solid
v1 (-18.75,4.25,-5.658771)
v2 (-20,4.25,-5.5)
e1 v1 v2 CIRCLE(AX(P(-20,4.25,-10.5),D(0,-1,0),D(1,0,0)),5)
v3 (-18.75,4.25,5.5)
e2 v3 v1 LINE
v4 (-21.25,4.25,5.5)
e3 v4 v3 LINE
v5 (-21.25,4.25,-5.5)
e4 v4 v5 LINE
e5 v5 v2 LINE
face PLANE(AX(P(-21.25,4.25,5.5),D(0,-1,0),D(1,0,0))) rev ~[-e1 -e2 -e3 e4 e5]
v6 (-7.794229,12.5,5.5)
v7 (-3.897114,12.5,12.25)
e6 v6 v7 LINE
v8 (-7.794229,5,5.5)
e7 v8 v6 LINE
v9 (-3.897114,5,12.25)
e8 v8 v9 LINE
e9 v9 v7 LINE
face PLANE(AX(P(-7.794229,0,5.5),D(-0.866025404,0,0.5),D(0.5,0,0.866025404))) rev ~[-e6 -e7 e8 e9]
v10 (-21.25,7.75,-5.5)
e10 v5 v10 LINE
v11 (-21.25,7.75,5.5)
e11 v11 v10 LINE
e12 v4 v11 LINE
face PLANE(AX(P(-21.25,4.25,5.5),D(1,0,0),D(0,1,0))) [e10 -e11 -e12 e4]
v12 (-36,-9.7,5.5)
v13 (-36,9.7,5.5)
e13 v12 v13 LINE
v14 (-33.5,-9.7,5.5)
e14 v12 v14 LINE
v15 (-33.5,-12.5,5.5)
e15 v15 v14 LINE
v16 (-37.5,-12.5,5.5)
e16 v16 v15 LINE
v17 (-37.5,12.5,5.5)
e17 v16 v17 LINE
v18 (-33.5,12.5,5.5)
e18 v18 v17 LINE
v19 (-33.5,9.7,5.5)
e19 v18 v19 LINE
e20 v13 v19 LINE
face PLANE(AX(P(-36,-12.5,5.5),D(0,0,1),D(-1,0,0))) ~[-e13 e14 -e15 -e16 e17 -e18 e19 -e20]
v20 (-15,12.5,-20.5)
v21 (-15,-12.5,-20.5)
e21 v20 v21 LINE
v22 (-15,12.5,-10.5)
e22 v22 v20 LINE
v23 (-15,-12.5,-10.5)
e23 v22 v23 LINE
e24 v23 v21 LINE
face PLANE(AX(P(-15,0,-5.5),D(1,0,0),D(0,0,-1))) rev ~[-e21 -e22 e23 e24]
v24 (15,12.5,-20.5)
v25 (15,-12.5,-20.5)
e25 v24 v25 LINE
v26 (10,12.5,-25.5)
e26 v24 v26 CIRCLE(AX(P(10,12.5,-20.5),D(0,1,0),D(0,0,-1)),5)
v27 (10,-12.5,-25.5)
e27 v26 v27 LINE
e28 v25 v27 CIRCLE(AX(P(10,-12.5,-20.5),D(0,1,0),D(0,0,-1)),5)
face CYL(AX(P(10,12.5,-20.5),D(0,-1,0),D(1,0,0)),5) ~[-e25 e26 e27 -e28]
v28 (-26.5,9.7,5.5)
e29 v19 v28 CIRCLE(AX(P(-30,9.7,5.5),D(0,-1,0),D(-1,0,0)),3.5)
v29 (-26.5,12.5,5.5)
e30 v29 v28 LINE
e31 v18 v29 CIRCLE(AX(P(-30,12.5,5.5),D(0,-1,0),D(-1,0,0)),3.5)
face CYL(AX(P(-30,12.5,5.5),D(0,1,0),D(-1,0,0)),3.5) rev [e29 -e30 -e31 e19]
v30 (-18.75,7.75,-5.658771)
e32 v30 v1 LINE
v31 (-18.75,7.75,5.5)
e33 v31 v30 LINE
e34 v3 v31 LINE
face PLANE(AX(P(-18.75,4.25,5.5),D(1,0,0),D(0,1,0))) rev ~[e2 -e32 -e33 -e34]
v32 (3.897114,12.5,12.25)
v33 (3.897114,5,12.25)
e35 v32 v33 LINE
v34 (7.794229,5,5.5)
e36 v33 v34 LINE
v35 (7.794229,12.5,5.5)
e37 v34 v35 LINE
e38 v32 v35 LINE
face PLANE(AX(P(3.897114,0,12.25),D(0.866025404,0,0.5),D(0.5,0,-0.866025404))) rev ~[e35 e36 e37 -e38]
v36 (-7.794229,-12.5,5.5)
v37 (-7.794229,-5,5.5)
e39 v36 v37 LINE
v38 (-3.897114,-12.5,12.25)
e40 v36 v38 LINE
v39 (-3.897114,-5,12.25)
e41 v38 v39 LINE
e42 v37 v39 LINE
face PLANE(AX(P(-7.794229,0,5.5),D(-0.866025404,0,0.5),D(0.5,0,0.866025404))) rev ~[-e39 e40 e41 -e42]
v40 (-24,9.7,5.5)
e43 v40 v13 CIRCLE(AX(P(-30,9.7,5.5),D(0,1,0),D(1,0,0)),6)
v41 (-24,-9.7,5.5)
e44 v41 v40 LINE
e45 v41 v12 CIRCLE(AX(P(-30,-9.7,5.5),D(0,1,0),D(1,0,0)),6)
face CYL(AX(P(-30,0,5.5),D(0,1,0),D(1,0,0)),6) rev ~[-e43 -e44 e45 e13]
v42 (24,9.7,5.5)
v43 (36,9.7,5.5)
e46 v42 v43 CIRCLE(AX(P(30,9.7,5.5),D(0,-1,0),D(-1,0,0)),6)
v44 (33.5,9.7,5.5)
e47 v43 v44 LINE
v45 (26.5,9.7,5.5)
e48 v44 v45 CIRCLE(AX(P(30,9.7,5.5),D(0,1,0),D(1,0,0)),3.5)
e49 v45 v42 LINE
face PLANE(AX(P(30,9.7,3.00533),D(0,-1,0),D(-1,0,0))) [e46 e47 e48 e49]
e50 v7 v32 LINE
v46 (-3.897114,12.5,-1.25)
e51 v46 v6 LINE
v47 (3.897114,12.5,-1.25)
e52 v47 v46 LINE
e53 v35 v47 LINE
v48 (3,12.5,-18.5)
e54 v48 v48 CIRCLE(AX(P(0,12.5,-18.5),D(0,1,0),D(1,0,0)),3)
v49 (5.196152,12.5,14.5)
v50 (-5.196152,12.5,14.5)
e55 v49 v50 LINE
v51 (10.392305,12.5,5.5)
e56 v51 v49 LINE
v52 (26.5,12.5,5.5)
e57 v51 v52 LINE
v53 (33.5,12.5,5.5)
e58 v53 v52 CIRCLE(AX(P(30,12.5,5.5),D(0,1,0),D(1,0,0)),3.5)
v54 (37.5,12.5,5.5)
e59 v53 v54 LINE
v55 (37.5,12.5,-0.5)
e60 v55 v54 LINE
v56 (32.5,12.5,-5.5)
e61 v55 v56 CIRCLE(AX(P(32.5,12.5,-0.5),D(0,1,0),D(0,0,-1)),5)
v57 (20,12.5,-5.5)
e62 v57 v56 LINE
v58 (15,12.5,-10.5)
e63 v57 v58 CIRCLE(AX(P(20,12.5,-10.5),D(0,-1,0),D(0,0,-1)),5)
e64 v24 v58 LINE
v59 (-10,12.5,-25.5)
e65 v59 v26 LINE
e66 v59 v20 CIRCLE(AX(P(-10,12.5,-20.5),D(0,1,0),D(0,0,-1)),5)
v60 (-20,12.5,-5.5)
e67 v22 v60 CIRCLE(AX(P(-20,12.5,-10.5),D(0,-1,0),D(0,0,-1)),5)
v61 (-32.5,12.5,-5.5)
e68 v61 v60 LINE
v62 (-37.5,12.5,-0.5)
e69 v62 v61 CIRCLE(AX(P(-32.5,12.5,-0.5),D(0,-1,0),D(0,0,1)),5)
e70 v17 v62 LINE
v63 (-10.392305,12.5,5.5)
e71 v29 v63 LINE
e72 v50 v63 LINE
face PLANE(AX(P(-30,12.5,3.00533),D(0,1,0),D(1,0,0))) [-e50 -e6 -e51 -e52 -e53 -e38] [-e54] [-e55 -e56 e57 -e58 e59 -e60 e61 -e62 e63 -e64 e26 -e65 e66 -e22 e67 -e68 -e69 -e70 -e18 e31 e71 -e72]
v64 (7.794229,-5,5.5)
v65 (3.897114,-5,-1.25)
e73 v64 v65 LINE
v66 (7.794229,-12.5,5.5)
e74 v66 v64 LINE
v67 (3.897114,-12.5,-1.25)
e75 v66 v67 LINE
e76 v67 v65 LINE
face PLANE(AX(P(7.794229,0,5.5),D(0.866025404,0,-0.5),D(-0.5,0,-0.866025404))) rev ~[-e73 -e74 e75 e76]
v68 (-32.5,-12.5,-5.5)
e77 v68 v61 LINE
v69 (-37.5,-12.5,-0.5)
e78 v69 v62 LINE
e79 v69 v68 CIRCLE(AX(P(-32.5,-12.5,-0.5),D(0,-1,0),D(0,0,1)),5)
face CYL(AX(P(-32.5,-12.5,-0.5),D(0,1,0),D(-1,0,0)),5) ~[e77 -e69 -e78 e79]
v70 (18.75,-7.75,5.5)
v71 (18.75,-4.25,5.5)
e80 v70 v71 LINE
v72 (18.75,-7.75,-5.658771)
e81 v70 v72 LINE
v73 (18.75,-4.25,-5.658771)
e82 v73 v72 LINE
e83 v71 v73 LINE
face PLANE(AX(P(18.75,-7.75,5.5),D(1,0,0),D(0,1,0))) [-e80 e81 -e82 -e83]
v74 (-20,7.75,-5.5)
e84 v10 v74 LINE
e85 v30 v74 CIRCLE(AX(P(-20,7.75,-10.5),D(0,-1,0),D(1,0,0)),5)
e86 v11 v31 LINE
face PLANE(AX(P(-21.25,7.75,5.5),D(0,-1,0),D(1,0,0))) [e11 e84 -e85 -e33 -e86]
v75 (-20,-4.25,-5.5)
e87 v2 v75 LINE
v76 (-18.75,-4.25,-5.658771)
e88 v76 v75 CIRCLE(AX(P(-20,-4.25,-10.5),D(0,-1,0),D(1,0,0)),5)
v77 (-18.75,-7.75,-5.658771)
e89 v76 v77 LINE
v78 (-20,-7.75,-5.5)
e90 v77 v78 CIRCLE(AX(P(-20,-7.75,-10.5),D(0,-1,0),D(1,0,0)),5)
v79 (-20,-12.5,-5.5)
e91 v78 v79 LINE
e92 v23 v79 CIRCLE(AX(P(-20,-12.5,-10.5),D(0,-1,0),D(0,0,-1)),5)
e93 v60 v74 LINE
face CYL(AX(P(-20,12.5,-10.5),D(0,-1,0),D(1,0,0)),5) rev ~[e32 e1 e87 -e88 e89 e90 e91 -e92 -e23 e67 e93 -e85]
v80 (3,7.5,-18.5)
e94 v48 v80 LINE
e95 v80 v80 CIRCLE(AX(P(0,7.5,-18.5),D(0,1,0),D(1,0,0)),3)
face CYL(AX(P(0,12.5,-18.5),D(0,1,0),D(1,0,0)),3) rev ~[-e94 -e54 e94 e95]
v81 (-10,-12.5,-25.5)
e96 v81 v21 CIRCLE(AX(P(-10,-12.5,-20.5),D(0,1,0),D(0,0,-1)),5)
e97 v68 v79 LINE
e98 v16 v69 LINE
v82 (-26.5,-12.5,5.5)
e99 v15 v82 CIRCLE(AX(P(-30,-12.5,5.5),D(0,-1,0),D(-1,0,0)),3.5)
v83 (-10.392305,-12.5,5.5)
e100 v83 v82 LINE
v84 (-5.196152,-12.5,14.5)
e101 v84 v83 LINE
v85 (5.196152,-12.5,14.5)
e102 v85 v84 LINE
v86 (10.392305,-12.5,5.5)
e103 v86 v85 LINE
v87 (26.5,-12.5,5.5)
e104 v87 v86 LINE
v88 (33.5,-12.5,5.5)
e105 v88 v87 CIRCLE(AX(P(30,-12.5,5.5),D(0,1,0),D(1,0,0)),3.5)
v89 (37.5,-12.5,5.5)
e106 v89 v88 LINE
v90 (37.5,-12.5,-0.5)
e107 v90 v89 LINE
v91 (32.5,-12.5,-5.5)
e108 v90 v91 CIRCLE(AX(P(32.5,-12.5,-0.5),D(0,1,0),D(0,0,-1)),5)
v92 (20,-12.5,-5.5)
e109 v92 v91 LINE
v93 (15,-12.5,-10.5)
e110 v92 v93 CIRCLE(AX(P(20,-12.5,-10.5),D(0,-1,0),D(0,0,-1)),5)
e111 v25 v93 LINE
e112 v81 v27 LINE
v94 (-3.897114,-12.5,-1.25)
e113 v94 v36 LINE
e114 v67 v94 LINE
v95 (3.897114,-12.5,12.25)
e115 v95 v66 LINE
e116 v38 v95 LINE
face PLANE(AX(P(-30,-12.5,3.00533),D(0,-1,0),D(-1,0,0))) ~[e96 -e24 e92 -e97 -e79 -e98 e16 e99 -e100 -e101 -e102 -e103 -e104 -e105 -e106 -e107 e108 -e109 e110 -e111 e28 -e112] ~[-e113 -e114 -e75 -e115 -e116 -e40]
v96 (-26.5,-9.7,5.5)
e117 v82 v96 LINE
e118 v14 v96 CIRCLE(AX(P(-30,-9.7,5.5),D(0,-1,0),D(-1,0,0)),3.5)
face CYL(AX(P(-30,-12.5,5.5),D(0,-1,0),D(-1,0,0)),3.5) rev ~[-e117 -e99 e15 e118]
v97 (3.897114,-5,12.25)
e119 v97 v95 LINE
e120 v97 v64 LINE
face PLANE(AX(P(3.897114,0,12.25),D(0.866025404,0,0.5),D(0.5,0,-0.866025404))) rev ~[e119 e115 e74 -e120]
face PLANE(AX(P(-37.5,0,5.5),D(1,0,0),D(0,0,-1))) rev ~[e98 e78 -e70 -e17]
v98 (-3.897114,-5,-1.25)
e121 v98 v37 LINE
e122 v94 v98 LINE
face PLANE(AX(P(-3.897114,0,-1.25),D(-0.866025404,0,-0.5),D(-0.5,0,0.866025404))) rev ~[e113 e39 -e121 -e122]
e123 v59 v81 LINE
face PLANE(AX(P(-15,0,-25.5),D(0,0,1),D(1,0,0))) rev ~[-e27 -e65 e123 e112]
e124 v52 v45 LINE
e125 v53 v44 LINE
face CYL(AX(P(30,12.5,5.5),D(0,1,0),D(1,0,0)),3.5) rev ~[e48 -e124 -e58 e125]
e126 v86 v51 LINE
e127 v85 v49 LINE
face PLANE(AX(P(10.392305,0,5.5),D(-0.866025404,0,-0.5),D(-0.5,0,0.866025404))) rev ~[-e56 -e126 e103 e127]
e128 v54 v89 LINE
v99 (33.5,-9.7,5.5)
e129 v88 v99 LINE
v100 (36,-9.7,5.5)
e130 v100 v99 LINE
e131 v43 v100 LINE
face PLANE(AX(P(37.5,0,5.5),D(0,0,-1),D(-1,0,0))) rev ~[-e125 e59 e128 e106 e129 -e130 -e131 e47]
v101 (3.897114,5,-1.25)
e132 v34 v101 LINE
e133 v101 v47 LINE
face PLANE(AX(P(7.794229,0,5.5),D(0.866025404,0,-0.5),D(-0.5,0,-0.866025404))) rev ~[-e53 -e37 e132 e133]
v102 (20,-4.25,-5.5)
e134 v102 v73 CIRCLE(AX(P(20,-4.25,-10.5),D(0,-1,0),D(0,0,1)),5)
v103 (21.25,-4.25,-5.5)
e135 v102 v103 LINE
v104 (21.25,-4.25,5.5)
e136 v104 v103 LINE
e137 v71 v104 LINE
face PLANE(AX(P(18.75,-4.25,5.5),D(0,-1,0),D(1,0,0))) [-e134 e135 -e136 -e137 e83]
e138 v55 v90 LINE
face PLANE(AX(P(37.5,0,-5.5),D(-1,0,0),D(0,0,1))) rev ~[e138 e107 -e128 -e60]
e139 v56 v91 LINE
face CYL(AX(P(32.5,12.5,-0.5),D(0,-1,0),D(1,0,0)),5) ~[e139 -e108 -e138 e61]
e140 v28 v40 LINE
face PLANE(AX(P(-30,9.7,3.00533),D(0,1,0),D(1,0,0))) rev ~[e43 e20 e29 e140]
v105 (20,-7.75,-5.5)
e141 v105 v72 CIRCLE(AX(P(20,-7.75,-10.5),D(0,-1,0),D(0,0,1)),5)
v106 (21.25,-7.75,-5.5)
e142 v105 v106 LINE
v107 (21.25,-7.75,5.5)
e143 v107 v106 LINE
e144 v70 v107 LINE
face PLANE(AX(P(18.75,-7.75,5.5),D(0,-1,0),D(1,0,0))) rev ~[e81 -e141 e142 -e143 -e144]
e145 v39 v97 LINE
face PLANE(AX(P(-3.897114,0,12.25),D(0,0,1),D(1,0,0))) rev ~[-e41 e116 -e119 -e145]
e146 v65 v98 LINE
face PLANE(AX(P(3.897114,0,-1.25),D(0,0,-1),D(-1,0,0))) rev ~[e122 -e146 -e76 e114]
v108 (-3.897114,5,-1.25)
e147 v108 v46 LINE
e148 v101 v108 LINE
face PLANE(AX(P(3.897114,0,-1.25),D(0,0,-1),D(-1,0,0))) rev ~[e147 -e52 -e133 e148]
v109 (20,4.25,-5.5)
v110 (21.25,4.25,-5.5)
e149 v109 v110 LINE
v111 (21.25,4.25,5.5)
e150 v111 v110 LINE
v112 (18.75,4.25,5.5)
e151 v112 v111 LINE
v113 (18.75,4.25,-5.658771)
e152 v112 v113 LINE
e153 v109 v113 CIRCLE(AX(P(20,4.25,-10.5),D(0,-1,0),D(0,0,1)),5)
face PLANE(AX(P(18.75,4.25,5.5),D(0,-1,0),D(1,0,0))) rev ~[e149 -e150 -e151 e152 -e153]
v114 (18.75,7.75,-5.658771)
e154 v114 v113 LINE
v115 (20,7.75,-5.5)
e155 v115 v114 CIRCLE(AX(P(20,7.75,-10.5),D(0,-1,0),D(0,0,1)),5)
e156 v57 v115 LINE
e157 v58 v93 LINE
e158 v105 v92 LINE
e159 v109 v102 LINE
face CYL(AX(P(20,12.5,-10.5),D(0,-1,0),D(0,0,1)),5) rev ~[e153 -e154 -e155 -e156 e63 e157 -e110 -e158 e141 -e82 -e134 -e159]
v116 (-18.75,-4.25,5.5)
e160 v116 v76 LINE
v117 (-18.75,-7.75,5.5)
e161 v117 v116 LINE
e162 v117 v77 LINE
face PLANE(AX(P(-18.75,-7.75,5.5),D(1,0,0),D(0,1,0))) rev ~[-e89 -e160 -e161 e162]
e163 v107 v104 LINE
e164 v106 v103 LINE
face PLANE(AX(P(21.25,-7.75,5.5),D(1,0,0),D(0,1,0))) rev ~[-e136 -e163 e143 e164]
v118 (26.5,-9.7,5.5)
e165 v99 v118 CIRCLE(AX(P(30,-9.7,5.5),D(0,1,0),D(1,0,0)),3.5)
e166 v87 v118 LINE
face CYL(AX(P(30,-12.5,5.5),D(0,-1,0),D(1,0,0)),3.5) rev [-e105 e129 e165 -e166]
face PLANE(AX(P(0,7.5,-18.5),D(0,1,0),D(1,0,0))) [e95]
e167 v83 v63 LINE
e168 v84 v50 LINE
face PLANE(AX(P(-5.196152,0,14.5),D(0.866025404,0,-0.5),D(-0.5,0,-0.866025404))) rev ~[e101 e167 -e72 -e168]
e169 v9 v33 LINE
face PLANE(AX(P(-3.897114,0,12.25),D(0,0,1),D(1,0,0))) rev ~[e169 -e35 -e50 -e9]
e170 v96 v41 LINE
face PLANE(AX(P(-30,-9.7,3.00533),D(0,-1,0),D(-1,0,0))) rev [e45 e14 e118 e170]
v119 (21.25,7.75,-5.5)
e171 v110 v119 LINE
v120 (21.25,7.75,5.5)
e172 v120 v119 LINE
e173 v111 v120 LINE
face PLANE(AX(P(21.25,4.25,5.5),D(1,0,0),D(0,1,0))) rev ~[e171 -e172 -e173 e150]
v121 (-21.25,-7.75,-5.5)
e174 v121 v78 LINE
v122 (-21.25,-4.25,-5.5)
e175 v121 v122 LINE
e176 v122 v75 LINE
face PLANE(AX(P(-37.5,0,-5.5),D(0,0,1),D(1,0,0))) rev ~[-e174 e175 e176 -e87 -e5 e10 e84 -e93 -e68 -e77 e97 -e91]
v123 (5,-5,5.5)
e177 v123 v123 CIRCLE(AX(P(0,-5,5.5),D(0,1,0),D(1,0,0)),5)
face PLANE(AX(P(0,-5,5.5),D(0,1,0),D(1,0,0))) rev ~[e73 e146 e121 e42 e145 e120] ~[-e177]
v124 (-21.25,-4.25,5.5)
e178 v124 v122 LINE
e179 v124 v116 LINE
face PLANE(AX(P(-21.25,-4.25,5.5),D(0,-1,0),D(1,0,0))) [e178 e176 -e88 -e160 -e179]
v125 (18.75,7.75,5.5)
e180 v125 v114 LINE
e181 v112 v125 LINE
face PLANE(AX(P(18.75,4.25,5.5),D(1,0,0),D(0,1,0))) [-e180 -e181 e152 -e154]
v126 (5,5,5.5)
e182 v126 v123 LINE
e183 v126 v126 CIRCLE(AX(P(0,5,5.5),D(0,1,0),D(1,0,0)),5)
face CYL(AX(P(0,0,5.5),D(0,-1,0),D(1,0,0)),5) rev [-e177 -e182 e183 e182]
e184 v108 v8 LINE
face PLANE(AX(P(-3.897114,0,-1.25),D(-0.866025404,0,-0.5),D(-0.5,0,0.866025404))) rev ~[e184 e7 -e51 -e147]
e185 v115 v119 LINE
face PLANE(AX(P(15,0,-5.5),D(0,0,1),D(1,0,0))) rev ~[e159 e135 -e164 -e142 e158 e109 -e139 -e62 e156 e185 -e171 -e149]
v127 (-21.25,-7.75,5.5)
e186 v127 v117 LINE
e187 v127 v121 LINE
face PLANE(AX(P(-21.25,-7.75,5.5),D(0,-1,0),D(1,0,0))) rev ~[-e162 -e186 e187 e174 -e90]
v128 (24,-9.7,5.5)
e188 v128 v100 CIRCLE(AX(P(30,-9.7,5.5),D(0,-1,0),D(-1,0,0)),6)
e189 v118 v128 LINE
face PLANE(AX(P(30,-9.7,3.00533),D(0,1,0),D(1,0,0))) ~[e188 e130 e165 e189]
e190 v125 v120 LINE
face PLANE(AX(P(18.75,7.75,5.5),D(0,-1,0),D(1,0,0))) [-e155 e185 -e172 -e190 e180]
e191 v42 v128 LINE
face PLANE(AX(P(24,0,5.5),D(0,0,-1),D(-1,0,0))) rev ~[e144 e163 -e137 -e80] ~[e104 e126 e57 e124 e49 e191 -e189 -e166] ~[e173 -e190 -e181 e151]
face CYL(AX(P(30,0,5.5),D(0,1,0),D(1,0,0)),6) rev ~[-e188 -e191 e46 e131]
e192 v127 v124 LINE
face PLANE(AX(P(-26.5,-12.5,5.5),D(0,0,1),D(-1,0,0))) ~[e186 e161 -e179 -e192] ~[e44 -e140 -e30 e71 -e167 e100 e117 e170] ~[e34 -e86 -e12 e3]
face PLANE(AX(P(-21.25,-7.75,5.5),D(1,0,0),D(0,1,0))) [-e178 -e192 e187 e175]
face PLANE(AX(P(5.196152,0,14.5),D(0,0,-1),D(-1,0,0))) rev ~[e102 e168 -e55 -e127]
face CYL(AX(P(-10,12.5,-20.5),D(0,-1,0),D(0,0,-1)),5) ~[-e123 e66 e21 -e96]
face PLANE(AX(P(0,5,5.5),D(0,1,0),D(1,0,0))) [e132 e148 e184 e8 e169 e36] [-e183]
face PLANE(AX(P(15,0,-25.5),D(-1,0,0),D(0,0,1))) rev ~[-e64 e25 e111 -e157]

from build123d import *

# Parameters (mm, degrees)
EXTRUDE_1_DEPTH     = 12.5
EXTRUDE_2_DEPTH     = 2.8
SKETCH_3_R          = 5
EXTRUDE_3_DEPTH     = 5
FILLET_1_R          = 5
SKETCH_4_W          = 2.5
SKETCH_4_H          = 3.5
CUT_EXTRUDE_1_DEPTH = 32
SKETCH_5_R          = 3
CUT_EXTRUDE_2_DEPTH = 5


with BuildPart() as part:
    # 草圖1 → 填料-伸長1 (new body, symmetric)
    with BuildSketch(Plane(origin=(0, 0, 0), x_dir=(1, 0, 0), z_dir=(0, 1, 0))):
        with BuildLine():
            Line((-37.5, 5.5), (-15, 5.5))
            Line((-15, 5.5), (-15, 25.5))
            Line((-15, 25.5), (15, 25.5))
            Line((15, 25.5), (15, 5.5))
            Line((15, 5.5), (37.5, 5.5))
            Line((37.5, 5.5), (37.5, -5.5))
            Line((37.5, -5.5), (36, -5.5))
            ThreePointArc((36, -5.5), (30, 0.5), (24, -5.5))
            Line((24, -5.5), (10.392304845, -5.5))
            Line((10.392304845, -5.5), (5.196152423, -14.5))
            Line((5.196152423, -14.5), (-5.196152423, -14.5))
            Line((-5.196152423, -14.5), (-10.392304845, -5.5))
            Line((-10.392304845, -5.5), (-24, -5.5))
            ThreePointArc((-24, -5.5), (-30, 0.5), (-36, -5.5))
            Line((-36, -5.5), (-37.5, -5.5))
            Line((-37.5, -5.5), (-37.5, 5.5))
        make_face()
        Polygon((3.897114317, -12.25), (7.794228634, -5.5), (3.897114317, 1.25), (-3.897114317, 1.25), (-7.794228634, -5.5), (-3.897114317, -12.25), align=None, mode=Mode.SUBTRACT)
    extrude(amount=EXTRUDE_1_DEPTH, both=True)

    # 草圖2 → 填料-伸長2 (add)
    with BuildSketch(Plane(origin=(0, 12.5, 0), x_dir=(1, 0, 0), z_dir=(0, 1, 0))):
        with BuildLine():
            Line((-36, -5.5), (-33.5, -5.5))
            ThreePointArc((-33.5, -5.5), (-30, -2), (-26.5, -5.5))
            Line((-26.5, -5.5), (-24, -5.5))
            ThreePointArc((-24, -5.5), (-30, 0.5), (-36, -5.5))
        make_face()
        with BuildLine():
            Line((26.5, -5.5), (24, -5.5))
            ThreePointArc((24, -5.5), (30, 0.5), (36, -5.5))
            Line((36, -5.5), (33.5, -5.5))
            ThreePointArc((33.5, -5.5), (30, -2), (26.5, -5.5))
        make_face()
    extrude_2 = extrude(amount=-EXTRUDE_2_DEPTH)

    # 鏡射1: 填料-伸長2 across plane
    add(extrude_2.mirror(Plane.ZX))

    # 草圖3 → 填料-伸長3 (add, symmetric)
    with BuildSketch(Plane(origin=(0, 0, 0), x_dir=(1, 0, 0), z_dir=(0, 1, 0))):
        Polygon((7.794228634, -5.5), (3.897114317, 1.25), (-3.897114317, 1.25), (-7.794228634, -5.5), (-3.897114317, -12.25), (3.897114317, -12.25), align=None)
        with Locations((0, -5.5)):
            Circle(SKETCH_3_R, mode=Mode.SUBTRACT)
    extrude(amount=EXTRUDE_3_DEPTH, both=True)

    # 圓角1
    fillet_1_edges = [part.edges().sort_by_distance(p)[0] for p in [
        (-37.5, 0, -5.5),
        (-15, 0, -5.5),
        (-15, 0, -25.5),
        (15, 0, -25.5),
        (15, 0, -5.5),
        (37.5, 0, -5.5),
    ]]
    fillet(fillet_1_edges, radius=FILLET_1_R)

    # 草圖4 → 除料-伸長1 (cut, through all)
    with BuildSketch(Plane.XY.offset(5.5)):
        with Locations((20, 6)):
            Rectangle(SKETCH_4_W, SKETCH_4_H)
        with Locations((20, -6)):
            Rectangle(SKETCH_4_W, SKETCH_4_H)
        with Locations((-20, -6)):
            Rectangle(SKETCH_4_W, SKETCH_4_H)
        with Locations((-20, 6)):
            Rectangle(SKETCH_4_W, SKETCH_4_H)
    extrude(amount=-CUT_EXTRUDE_1_DEPTH, mode=Mode.SUBTRACT)

    # 草圖5 → 除料-伸長2 (cut)
    with BuildSketch(Plane(origin=(0, 12.5, 0), x_dir=(1, 0, 0), z_dir=(0, 1, 0))):
        with Locations((0, 18.5)):
            Circle(SKETCH_5_R)
    extrude(amount=-CUT_EXTRUDE_2_DEPTH, mode=Mode.SUBTRACT)


solid = part.part
